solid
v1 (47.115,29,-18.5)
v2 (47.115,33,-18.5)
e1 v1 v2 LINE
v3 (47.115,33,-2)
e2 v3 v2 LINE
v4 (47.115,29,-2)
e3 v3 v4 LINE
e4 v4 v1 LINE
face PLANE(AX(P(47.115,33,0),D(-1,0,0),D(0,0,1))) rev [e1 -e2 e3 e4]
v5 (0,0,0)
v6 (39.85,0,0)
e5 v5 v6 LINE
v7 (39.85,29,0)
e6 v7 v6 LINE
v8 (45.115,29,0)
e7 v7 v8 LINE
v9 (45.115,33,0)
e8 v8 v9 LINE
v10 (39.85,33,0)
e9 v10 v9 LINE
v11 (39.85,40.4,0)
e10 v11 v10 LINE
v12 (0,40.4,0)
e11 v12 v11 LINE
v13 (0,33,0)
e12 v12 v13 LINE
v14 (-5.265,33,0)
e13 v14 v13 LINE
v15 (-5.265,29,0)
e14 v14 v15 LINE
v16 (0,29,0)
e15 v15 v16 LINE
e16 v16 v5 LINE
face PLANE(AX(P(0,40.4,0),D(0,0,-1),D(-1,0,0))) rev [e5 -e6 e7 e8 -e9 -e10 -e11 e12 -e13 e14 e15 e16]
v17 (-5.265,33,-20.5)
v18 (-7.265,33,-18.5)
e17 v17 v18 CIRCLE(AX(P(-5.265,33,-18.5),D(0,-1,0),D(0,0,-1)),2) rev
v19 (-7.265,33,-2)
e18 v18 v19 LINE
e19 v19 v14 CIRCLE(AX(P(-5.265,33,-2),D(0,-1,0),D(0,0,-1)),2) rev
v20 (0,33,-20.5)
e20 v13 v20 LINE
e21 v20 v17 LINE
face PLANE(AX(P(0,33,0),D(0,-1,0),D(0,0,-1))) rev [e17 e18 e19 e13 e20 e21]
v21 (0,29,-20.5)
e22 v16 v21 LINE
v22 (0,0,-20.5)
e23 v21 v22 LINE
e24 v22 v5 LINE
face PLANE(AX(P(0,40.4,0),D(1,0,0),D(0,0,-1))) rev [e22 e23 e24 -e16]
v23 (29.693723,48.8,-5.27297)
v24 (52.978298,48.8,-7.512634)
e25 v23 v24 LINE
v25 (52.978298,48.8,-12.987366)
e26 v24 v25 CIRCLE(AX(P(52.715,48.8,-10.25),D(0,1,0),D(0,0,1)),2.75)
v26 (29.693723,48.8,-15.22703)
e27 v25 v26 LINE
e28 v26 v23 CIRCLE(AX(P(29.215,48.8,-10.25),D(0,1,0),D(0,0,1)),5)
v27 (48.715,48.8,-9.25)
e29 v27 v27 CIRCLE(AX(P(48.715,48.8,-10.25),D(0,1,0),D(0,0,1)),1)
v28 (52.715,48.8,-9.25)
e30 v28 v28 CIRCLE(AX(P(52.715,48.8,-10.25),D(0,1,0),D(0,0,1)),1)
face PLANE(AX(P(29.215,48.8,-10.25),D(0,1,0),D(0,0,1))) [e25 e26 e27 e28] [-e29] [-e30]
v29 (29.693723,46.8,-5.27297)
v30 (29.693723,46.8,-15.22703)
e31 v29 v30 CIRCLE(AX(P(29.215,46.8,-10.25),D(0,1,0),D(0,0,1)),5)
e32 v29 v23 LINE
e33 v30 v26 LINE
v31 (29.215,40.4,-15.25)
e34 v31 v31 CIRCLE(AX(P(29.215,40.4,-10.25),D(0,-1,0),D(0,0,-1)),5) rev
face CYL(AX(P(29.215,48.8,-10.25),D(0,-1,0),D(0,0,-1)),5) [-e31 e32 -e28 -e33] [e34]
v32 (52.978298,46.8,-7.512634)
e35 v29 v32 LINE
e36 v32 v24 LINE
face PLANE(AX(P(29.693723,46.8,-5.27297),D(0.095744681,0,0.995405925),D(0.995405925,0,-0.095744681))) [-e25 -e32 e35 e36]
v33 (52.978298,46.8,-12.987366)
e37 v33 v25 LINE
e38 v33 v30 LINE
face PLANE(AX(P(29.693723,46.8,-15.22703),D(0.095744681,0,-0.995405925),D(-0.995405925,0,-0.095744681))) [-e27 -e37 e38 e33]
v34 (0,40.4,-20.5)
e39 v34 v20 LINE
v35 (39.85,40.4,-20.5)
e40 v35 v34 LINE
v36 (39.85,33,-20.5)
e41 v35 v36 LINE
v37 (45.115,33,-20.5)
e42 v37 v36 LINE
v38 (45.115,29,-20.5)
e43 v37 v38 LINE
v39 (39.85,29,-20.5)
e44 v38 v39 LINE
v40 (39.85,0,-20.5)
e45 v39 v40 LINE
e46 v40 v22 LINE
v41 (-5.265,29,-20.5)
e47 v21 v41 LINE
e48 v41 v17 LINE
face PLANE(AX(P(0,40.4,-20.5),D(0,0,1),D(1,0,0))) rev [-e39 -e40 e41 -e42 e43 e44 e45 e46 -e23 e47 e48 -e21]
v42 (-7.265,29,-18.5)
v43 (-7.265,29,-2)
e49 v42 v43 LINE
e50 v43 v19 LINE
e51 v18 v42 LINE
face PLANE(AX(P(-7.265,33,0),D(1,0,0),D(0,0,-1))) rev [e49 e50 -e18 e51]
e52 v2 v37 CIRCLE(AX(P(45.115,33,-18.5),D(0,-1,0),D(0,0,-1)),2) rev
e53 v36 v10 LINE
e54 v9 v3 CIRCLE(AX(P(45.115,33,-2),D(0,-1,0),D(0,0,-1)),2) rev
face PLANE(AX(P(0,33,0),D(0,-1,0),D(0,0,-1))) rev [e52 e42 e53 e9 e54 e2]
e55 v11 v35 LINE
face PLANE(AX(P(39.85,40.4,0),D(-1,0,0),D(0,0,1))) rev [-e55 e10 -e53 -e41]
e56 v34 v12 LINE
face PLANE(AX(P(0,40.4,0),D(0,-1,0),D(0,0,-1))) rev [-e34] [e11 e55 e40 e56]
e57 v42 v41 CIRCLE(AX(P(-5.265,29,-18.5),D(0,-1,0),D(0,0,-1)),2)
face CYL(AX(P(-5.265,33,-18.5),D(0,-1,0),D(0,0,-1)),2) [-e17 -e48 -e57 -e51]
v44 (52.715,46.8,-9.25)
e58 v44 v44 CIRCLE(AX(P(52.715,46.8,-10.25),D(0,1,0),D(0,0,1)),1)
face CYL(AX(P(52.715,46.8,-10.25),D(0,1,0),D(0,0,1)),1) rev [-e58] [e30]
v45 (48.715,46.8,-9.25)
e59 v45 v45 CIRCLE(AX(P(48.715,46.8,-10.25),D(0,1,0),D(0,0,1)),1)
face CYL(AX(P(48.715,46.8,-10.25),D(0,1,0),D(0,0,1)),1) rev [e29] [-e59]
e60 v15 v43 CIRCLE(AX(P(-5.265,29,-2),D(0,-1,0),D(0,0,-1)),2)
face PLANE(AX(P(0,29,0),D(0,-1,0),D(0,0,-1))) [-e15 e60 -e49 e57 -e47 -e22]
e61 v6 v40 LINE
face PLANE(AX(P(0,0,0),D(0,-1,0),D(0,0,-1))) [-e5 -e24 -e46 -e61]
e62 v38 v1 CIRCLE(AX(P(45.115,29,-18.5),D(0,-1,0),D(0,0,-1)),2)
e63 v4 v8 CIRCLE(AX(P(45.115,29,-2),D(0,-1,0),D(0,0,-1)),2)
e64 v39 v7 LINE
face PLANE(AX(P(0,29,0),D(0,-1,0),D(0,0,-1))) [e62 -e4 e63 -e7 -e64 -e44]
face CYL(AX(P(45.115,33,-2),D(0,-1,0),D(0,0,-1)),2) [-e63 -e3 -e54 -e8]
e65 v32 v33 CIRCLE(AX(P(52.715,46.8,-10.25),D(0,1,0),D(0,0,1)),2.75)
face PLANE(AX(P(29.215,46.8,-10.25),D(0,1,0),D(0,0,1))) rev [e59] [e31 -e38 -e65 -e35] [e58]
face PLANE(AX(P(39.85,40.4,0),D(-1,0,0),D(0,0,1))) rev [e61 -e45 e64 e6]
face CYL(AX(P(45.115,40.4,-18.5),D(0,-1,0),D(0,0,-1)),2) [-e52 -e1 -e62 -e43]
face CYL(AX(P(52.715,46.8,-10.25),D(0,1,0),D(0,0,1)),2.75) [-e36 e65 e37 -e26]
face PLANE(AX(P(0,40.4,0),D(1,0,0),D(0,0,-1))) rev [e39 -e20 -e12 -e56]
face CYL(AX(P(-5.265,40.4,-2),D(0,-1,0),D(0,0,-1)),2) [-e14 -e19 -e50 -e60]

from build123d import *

# Parameters (mm, degrees)
SKETCH2_W           = 39.85
SKETCH2_H           = 20.5
BOSS_EXTRUDE1_DEPTH = 40.4
BOSS_EXTRUDE2_START = 29
SKETCH3_W           = 54.38
SKETCH3_H           = 20.5
BOSS_EXTRUDE2_DEPTH = 4
FILLET1_R           = 2
SKETCH5_R           = 5
BOSS_EXTRUDE3_DEPTH = 8.4
BOSS_EXTRUDE4_START = -2
BOSS_EXTRUDE4_DEPTH = 2
SKETCH7_R           = 1
CUT_EXTRUDE1_DEPTH  = 2


with BuildPart() as part:
    # Sketch2 → Boss-Extrude1 (new body)
    with BuildSketch(Plane(origin=(0, 0, 0), x_dir=(1, 0, 0), z_dir=(0, 1, 0))):
        with Locations((19.925, 10.25)):
            Rectangle(SKETCH2_W, SKETCH2_H)
    extrude(amount=BOSS_EXTRUDE1_DEPTH)

    # Sketch3 → Boss-Extrude2 (add)
    with BuildSketch(Plane(origin=(0, 0, 0), x_dir=(1, 0, 0), z_dir=(0, 1, 0)).offset(BOSS_EXTRUDE2_START)):
        with Locations((19.925, 10.25)):
            Rectangle(SKETCH3_W, SKETCH3_H)
    extrude(amount=BOSS_EXTRUDE2_DEPTH)

    # Fillet1
    fillet1_edges = [part.edges().sort_by_distance(p)[0] for p in [
        (-7.265, 31, 0),
        (47.115, 31, -20.5),
        (-7.265, 31, -20.5),
        (47.115, 31, 0),
    ]]
    fillet(fillet1_edges, radius=FILLET1_R)

    # Sketch5 → Boss-Extrude3 (add)
    with BuildSketch(Plane(origin=(0, 40.4, 0), x_dir=(1, 0, 0), z_dir=(0, 1, 0))):
        with Locations(Location((29.215, 10.25, 0), (0, 0, 90))):
            Circle(SKETCH5_R)
    extrude(amount=BOSS_EXTRUDE3_DEPTH)

    # Sketch6 → Boss-Extrude4 (add)
    with BuildSketch(Plane(origin=(0, 48.8, 0), x_dir=(1, 0, 0), z_dir=(0, 1, 0)).offset(BOSS_EXTRUDE4_START)):
        with BuildLine():
            Line((29.693723404, 15.227029626), (52.978297872, 12.987366295))
            ThreePointArc((52.978297872, 12.987366295), (55.465, 10.25), (52.978297872, 7.512633705))
            Line((52.978297872, 7.512633705), (29.693723404, 5.272970374))
            ThreePointArc((29.693723404, 5.272970374), (24.215, 10.25), (29.693723404, 15.227029626))
        make_face()
    extrude(amount=BOSS_EXTRUDE4_DEPTH)

    # Sketch7 → Cut-Extrude1 (cut)
    with BuildSketch(Plane(origin=(0, 48.8, 0), x_dir=(1, 0, 0), z_dir=(0, 1, 0))):
        with Locations(Location((52.715, 10.25, 0), (0, 0, 270))):
            Circle(SKETCH7_R)
        with Locations(Location((48.715, 10.25, 0), (0, 0, 270))):
            Circle(SKETCH7_R)
    extrude(amount=-CUT_EXTRUDE1_DEPTH, mode=Mode.SUBTRACT)


solid = part.part
